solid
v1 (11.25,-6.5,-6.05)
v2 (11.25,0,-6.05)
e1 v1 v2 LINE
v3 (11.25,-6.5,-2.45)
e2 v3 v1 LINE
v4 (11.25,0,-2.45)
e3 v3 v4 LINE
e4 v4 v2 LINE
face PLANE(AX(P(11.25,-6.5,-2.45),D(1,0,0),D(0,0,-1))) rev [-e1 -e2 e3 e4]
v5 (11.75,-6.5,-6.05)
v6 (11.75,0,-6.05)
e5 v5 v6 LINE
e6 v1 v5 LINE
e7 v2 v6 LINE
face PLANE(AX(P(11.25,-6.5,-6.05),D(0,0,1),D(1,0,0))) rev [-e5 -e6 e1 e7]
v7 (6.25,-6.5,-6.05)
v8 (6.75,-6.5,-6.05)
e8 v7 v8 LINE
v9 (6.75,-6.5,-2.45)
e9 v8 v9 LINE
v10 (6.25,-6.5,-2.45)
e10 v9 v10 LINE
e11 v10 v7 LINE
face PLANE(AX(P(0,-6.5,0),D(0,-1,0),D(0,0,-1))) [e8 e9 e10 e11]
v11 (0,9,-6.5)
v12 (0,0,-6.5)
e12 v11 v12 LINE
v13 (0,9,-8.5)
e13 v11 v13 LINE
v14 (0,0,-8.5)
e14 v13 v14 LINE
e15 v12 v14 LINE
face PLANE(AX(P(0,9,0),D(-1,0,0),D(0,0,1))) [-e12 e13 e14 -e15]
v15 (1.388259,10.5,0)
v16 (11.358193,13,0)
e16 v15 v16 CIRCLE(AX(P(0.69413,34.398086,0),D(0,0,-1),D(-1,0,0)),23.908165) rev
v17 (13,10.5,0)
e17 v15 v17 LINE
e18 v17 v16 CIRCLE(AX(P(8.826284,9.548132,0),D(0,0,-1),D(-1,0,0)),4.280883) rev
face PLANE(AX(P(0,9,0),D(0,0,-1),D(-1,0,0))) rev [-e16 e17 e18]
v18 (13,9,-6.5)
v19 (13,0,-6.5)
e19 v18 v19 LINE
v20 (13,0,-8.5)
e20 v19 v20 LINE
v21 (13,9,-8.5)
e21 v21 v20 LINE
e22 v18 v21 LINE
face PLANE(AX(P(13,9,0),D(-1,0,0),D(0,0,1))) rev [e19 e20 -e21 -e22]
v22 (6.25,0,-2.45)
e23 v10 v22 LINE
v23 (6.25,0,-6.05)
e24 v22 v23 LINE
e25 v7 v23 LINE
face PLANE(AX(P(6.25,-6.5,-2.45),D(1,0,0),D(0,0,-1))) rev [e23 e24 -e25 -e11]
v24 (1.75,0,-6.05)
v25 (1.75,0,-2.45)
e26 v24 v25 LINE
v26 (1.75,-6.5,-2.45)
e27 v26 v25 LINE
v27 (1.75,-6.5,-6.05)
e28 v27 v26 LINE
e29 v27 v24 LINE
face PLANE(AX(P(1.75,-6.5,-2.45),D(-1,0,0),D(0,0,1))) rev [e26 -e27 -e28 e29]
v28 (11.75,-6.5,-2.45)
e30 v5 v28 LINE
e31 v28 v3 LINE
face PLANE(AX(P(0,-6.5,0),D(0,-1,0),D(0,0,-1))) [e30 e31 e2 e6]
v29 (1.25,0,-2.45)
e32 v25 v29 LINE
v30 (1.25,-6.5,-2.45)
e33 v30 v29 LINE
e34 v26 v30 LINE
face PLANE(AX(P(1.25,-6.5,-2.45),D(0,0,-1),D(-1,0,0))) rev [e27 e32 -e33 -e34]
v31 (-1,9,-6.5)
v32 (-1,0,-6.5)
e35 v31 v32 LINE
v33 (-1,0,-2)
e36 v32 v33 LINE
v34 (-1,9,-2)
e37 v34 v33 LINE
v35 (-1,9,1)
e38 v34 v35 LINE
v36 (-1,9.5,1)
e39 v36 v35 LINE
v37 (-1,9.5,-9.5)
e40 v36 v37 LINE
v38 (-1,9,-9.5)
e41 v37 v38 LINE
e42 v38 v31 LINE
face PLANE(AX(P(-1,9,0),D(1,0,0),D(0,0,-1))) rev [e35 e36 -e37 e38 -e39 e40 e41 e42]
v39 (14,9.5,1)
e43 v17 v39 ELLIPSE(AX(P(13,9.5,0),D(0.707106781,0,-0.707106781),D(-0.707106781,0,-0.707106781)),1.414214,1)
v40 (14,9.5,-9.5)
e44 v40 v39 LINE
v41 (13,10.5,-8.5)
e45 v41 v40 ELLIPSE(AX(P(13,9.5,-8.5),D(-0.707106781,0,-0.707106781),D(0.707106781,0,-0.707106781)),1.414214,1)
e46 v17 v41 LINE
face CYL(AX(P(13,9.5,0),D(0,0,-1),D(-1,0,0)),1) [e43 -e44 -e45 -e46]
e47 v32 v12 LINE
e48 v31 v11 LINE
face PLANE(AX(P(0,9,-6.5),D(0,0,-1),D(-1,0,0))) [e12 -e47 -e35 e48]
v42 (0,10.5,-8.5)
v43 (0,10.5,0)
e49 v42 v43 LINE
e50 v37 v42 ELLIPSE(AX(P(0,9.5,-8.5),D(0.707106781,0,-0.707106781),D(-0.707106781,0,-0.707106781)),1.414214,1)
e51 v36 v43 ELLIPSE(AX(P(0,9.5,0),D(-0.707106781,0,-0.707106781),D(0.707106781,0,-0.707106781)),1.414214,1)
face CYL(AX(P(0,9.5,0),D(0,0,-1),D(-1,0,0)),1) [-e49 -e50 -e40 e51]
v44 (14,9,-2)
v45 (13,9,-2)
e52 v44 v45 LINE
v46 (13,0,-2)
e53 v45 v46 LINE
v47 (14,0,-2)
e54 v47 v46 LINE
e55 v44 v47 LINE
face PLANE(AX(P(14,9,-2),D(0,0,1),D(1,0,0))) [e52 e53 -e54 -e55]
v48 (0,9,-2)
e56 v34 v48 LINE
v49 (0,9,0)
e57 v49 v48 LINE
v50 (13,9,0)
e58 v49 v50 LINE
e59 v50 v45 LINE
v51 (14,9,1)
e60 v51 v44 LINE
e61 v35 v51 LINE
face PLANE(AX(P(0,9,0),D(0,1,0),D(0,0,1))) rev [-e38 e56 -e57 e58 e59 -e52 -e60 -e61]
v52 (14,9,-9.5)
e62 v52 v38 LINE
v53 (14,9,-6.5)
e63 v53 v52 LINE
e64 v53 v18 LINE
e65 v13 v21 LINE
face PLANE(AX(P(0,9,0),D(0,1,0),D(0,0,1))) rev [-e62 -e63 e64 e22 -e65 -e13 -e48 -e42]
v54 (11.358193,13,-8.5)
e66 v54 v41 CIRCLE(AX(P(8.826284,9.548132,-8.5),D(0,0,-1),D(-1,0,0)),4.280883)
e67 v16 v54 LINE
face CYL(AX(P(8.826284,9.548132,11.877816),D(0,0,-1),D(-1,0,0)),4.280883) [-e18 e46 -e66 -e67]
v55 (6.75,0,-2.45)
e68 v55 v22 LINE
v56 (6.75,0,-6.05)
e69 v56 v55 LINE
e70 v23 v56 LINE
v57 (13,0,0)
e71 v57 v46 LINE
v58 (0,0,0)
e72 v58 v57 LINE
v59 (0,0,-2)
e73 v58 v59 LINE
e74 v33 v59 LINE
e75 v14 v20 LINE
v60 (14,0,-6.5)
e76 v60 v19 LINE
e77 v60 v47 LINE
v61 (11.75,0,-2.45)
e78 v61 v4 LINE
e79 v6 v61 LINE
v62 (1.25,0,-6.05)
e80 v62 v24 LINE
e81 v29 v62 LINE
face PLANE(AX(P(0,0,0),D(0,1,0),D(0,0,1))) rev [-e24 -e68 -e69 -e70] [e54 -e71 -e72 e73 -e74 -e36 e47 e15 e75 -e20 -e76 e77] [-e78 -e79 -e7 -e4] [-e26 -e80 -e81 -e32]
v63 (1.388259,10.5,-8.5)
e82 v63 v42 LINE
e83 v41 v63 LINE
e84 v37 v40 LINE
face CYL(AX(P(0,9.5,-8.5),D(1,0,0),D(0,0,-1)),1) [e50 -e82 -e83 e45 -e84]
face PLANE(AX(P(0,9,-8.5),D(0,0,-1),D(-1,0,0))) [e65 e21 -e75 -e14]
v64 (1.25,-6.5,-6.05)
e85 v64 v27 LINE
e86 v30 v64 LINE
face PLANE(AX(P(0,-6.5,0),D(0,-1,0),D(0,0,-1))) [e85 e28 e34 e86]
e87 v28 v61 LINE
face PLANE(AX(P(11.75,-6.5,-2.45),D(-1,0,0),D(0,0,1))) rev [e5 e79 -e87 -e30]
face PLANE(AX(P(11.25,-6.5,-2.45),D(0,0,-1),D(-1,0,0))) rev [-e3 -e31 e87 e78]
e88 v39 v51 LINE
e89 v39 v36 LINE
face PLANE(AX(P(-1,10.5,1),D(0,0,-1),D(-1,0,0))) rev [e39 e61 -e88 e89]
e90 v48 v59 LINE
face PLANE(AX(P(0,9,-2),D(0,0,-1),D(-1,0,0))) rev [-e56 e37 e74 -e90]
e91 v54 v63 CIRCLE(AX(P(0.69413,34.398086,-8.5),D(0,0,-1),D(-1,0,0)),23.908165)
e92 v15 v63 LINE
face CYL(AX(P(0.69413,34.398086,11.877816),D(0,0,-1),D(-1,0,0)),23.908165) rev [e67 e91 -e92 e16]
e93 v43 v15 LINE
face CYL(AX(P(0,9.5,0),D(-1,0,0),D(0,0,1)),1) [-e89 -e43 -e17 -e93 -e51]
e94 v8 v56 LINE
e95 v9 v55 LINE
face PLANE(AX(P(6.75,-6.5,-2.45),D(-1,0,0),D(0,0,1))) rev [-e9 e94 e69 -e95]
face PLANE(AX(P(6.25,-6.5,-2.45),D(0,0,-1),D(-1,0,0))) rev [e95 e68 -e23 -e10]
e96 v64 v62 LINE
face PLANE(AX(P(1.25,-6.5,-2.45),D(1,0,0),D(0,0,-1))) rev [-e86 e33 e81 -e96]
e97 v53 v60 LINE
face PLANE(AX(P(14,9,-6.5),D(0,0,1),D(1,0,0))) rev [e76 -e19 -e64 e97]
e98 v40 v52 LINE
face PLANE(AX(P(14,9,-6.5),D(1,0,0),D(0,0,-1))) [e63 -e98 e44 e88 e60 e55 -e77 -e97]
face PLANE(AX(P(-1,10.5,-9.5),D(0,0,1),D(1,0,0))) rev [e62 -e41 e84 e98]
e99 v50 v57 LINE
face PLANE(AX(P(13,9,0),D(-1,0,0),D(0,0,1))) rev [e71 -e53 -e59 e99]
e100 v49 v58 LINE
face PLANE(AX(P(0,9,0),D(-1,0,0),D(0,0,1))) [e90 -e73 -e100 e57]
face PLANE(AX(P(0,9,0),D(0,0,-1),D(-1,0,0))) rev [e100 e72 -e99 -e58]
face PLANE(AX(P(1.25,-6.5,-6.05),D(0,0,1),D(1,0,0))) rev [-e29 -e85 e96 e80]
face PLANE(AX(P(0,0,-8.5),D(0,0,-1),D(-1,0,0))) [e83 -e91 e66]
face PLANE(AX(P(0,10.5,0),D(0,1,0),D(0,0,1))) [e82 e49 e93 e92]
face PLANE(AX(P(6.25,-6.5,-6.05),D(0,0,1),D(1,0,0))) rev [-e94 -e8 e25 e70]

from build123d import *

# Parameters (mm, degrees)
ESQUISSE1_W        = 13
ESQUISSE1_H        = 8.5
ESQUISSE1_W_2      = 1
ESQUISSE1_H_2      = 4.5
BOSS_EXTRU_1_DEPTH = 9
ESQUISSE2_W        = 15
ESQUISSE2_H        = 10.5
BOSS_EXTRU_2_DEPTH = 1.5
CONG_1_R           = 1
ESQUISSE3_W        = 0.5
ESQUISSE3_H        = 3.6
BOSS_EXTRU_3_DEPTH = 6.5
BOSS_EXTRU_4_DEPTH = 8.5


with BuildPart() as part:
    # Esquisse1 → Boss.-Extru.1 (new body)
    with BuildSketch(Plane(origin=(0, 0, 0), x_dir=(1, 0, 0), z_dir=(0, 1, 0))):
        with Locations((6.5, 4.25)):
            Rectangle(ESQUISSE1_W, ESQUISSE1_H)
        with Locations((-0.5, 4.25)):
            Rectangle(ESQUISSE1_W_2, ESQUISSE1_H_2)
        with Locations((13.5, 4.25)):
            Rectangle(ESQUISSE1_W_2, ESQUISSE1_H_2)
    extrude(amount=BOSS_EXTRU_1_DEPTH)

    # Esquisse2 → Boss.-Extru.2 (add)
    with BuildSketch(Plane(origin=(0, 9, 0), x_dir=(1, 0, 0), z_dir=(0, 1, 0))):
        with Locations((6.5, 4.25)):
            Rectangle(ESQUISSE2_W, ESQUISSE2_H)
    extrude(amount=BOSS_EXTRU_2_DEPTH)

    # Congé1
    cong_1_edges = [part.edges().sort_by_distance(p)[0] for p in [
        (-1, 10.5, -4.25),
        (6.5, 10.5, 1),
        (14, 10.5, -4.25),
        (6.5, 10.5, -9.5),
    ]]
    fillet(cong_1_edges, radius=CONG_1_R)

    # Esquisse3 → Boss.-Extru.3 (add)
    with BuildSketch(Plane.XZ):
        with Locations((6.5, -4.25)):
            Rectangle(ESQUISSE3_W, ESQUISSE3_H)
        with Locations((1.5, -4.25)):
            Rectangle(ESQUISSE3_W, ESQUISSE3_H)
        with Locations((11.5, -4.25)):
            Rectangle(ESQUISSE3_W, ESQUISSE3_H)
    extrude(amount=BOSS_EXTRU_3_DEPTH)

    # Esquisse4 → Boss.-Extru.4 (add)
    with BuildSketch(Plane(origin=(0, 0, -8.5), x_dir=(-1, 0, 0), z_dir=(0, 0, -1))):
        with BuildLine():
            ThreePointArc((-11.358192951, 13), (-12.404531, 11.898047996), (-13, 10.5))
            Line((-13, 10.5), (-4.652568423, 10.5))
            Line((-4.652568423, 10.5), (-1.388259271, 10.5))
            ThreePointArc((-1.388259271, 10.5), (-3.07180416, 10.608445517), (-4.743510251, 10.835343224))
            ThreePointArc((-4.743510251, 10.835343224), (-8.130042008, 11.675684327), (-11.358192951, 13))
        make_face()
    extrude(amount=-BOSS_EXTRU_4_DEPTH)


solid = part.part
